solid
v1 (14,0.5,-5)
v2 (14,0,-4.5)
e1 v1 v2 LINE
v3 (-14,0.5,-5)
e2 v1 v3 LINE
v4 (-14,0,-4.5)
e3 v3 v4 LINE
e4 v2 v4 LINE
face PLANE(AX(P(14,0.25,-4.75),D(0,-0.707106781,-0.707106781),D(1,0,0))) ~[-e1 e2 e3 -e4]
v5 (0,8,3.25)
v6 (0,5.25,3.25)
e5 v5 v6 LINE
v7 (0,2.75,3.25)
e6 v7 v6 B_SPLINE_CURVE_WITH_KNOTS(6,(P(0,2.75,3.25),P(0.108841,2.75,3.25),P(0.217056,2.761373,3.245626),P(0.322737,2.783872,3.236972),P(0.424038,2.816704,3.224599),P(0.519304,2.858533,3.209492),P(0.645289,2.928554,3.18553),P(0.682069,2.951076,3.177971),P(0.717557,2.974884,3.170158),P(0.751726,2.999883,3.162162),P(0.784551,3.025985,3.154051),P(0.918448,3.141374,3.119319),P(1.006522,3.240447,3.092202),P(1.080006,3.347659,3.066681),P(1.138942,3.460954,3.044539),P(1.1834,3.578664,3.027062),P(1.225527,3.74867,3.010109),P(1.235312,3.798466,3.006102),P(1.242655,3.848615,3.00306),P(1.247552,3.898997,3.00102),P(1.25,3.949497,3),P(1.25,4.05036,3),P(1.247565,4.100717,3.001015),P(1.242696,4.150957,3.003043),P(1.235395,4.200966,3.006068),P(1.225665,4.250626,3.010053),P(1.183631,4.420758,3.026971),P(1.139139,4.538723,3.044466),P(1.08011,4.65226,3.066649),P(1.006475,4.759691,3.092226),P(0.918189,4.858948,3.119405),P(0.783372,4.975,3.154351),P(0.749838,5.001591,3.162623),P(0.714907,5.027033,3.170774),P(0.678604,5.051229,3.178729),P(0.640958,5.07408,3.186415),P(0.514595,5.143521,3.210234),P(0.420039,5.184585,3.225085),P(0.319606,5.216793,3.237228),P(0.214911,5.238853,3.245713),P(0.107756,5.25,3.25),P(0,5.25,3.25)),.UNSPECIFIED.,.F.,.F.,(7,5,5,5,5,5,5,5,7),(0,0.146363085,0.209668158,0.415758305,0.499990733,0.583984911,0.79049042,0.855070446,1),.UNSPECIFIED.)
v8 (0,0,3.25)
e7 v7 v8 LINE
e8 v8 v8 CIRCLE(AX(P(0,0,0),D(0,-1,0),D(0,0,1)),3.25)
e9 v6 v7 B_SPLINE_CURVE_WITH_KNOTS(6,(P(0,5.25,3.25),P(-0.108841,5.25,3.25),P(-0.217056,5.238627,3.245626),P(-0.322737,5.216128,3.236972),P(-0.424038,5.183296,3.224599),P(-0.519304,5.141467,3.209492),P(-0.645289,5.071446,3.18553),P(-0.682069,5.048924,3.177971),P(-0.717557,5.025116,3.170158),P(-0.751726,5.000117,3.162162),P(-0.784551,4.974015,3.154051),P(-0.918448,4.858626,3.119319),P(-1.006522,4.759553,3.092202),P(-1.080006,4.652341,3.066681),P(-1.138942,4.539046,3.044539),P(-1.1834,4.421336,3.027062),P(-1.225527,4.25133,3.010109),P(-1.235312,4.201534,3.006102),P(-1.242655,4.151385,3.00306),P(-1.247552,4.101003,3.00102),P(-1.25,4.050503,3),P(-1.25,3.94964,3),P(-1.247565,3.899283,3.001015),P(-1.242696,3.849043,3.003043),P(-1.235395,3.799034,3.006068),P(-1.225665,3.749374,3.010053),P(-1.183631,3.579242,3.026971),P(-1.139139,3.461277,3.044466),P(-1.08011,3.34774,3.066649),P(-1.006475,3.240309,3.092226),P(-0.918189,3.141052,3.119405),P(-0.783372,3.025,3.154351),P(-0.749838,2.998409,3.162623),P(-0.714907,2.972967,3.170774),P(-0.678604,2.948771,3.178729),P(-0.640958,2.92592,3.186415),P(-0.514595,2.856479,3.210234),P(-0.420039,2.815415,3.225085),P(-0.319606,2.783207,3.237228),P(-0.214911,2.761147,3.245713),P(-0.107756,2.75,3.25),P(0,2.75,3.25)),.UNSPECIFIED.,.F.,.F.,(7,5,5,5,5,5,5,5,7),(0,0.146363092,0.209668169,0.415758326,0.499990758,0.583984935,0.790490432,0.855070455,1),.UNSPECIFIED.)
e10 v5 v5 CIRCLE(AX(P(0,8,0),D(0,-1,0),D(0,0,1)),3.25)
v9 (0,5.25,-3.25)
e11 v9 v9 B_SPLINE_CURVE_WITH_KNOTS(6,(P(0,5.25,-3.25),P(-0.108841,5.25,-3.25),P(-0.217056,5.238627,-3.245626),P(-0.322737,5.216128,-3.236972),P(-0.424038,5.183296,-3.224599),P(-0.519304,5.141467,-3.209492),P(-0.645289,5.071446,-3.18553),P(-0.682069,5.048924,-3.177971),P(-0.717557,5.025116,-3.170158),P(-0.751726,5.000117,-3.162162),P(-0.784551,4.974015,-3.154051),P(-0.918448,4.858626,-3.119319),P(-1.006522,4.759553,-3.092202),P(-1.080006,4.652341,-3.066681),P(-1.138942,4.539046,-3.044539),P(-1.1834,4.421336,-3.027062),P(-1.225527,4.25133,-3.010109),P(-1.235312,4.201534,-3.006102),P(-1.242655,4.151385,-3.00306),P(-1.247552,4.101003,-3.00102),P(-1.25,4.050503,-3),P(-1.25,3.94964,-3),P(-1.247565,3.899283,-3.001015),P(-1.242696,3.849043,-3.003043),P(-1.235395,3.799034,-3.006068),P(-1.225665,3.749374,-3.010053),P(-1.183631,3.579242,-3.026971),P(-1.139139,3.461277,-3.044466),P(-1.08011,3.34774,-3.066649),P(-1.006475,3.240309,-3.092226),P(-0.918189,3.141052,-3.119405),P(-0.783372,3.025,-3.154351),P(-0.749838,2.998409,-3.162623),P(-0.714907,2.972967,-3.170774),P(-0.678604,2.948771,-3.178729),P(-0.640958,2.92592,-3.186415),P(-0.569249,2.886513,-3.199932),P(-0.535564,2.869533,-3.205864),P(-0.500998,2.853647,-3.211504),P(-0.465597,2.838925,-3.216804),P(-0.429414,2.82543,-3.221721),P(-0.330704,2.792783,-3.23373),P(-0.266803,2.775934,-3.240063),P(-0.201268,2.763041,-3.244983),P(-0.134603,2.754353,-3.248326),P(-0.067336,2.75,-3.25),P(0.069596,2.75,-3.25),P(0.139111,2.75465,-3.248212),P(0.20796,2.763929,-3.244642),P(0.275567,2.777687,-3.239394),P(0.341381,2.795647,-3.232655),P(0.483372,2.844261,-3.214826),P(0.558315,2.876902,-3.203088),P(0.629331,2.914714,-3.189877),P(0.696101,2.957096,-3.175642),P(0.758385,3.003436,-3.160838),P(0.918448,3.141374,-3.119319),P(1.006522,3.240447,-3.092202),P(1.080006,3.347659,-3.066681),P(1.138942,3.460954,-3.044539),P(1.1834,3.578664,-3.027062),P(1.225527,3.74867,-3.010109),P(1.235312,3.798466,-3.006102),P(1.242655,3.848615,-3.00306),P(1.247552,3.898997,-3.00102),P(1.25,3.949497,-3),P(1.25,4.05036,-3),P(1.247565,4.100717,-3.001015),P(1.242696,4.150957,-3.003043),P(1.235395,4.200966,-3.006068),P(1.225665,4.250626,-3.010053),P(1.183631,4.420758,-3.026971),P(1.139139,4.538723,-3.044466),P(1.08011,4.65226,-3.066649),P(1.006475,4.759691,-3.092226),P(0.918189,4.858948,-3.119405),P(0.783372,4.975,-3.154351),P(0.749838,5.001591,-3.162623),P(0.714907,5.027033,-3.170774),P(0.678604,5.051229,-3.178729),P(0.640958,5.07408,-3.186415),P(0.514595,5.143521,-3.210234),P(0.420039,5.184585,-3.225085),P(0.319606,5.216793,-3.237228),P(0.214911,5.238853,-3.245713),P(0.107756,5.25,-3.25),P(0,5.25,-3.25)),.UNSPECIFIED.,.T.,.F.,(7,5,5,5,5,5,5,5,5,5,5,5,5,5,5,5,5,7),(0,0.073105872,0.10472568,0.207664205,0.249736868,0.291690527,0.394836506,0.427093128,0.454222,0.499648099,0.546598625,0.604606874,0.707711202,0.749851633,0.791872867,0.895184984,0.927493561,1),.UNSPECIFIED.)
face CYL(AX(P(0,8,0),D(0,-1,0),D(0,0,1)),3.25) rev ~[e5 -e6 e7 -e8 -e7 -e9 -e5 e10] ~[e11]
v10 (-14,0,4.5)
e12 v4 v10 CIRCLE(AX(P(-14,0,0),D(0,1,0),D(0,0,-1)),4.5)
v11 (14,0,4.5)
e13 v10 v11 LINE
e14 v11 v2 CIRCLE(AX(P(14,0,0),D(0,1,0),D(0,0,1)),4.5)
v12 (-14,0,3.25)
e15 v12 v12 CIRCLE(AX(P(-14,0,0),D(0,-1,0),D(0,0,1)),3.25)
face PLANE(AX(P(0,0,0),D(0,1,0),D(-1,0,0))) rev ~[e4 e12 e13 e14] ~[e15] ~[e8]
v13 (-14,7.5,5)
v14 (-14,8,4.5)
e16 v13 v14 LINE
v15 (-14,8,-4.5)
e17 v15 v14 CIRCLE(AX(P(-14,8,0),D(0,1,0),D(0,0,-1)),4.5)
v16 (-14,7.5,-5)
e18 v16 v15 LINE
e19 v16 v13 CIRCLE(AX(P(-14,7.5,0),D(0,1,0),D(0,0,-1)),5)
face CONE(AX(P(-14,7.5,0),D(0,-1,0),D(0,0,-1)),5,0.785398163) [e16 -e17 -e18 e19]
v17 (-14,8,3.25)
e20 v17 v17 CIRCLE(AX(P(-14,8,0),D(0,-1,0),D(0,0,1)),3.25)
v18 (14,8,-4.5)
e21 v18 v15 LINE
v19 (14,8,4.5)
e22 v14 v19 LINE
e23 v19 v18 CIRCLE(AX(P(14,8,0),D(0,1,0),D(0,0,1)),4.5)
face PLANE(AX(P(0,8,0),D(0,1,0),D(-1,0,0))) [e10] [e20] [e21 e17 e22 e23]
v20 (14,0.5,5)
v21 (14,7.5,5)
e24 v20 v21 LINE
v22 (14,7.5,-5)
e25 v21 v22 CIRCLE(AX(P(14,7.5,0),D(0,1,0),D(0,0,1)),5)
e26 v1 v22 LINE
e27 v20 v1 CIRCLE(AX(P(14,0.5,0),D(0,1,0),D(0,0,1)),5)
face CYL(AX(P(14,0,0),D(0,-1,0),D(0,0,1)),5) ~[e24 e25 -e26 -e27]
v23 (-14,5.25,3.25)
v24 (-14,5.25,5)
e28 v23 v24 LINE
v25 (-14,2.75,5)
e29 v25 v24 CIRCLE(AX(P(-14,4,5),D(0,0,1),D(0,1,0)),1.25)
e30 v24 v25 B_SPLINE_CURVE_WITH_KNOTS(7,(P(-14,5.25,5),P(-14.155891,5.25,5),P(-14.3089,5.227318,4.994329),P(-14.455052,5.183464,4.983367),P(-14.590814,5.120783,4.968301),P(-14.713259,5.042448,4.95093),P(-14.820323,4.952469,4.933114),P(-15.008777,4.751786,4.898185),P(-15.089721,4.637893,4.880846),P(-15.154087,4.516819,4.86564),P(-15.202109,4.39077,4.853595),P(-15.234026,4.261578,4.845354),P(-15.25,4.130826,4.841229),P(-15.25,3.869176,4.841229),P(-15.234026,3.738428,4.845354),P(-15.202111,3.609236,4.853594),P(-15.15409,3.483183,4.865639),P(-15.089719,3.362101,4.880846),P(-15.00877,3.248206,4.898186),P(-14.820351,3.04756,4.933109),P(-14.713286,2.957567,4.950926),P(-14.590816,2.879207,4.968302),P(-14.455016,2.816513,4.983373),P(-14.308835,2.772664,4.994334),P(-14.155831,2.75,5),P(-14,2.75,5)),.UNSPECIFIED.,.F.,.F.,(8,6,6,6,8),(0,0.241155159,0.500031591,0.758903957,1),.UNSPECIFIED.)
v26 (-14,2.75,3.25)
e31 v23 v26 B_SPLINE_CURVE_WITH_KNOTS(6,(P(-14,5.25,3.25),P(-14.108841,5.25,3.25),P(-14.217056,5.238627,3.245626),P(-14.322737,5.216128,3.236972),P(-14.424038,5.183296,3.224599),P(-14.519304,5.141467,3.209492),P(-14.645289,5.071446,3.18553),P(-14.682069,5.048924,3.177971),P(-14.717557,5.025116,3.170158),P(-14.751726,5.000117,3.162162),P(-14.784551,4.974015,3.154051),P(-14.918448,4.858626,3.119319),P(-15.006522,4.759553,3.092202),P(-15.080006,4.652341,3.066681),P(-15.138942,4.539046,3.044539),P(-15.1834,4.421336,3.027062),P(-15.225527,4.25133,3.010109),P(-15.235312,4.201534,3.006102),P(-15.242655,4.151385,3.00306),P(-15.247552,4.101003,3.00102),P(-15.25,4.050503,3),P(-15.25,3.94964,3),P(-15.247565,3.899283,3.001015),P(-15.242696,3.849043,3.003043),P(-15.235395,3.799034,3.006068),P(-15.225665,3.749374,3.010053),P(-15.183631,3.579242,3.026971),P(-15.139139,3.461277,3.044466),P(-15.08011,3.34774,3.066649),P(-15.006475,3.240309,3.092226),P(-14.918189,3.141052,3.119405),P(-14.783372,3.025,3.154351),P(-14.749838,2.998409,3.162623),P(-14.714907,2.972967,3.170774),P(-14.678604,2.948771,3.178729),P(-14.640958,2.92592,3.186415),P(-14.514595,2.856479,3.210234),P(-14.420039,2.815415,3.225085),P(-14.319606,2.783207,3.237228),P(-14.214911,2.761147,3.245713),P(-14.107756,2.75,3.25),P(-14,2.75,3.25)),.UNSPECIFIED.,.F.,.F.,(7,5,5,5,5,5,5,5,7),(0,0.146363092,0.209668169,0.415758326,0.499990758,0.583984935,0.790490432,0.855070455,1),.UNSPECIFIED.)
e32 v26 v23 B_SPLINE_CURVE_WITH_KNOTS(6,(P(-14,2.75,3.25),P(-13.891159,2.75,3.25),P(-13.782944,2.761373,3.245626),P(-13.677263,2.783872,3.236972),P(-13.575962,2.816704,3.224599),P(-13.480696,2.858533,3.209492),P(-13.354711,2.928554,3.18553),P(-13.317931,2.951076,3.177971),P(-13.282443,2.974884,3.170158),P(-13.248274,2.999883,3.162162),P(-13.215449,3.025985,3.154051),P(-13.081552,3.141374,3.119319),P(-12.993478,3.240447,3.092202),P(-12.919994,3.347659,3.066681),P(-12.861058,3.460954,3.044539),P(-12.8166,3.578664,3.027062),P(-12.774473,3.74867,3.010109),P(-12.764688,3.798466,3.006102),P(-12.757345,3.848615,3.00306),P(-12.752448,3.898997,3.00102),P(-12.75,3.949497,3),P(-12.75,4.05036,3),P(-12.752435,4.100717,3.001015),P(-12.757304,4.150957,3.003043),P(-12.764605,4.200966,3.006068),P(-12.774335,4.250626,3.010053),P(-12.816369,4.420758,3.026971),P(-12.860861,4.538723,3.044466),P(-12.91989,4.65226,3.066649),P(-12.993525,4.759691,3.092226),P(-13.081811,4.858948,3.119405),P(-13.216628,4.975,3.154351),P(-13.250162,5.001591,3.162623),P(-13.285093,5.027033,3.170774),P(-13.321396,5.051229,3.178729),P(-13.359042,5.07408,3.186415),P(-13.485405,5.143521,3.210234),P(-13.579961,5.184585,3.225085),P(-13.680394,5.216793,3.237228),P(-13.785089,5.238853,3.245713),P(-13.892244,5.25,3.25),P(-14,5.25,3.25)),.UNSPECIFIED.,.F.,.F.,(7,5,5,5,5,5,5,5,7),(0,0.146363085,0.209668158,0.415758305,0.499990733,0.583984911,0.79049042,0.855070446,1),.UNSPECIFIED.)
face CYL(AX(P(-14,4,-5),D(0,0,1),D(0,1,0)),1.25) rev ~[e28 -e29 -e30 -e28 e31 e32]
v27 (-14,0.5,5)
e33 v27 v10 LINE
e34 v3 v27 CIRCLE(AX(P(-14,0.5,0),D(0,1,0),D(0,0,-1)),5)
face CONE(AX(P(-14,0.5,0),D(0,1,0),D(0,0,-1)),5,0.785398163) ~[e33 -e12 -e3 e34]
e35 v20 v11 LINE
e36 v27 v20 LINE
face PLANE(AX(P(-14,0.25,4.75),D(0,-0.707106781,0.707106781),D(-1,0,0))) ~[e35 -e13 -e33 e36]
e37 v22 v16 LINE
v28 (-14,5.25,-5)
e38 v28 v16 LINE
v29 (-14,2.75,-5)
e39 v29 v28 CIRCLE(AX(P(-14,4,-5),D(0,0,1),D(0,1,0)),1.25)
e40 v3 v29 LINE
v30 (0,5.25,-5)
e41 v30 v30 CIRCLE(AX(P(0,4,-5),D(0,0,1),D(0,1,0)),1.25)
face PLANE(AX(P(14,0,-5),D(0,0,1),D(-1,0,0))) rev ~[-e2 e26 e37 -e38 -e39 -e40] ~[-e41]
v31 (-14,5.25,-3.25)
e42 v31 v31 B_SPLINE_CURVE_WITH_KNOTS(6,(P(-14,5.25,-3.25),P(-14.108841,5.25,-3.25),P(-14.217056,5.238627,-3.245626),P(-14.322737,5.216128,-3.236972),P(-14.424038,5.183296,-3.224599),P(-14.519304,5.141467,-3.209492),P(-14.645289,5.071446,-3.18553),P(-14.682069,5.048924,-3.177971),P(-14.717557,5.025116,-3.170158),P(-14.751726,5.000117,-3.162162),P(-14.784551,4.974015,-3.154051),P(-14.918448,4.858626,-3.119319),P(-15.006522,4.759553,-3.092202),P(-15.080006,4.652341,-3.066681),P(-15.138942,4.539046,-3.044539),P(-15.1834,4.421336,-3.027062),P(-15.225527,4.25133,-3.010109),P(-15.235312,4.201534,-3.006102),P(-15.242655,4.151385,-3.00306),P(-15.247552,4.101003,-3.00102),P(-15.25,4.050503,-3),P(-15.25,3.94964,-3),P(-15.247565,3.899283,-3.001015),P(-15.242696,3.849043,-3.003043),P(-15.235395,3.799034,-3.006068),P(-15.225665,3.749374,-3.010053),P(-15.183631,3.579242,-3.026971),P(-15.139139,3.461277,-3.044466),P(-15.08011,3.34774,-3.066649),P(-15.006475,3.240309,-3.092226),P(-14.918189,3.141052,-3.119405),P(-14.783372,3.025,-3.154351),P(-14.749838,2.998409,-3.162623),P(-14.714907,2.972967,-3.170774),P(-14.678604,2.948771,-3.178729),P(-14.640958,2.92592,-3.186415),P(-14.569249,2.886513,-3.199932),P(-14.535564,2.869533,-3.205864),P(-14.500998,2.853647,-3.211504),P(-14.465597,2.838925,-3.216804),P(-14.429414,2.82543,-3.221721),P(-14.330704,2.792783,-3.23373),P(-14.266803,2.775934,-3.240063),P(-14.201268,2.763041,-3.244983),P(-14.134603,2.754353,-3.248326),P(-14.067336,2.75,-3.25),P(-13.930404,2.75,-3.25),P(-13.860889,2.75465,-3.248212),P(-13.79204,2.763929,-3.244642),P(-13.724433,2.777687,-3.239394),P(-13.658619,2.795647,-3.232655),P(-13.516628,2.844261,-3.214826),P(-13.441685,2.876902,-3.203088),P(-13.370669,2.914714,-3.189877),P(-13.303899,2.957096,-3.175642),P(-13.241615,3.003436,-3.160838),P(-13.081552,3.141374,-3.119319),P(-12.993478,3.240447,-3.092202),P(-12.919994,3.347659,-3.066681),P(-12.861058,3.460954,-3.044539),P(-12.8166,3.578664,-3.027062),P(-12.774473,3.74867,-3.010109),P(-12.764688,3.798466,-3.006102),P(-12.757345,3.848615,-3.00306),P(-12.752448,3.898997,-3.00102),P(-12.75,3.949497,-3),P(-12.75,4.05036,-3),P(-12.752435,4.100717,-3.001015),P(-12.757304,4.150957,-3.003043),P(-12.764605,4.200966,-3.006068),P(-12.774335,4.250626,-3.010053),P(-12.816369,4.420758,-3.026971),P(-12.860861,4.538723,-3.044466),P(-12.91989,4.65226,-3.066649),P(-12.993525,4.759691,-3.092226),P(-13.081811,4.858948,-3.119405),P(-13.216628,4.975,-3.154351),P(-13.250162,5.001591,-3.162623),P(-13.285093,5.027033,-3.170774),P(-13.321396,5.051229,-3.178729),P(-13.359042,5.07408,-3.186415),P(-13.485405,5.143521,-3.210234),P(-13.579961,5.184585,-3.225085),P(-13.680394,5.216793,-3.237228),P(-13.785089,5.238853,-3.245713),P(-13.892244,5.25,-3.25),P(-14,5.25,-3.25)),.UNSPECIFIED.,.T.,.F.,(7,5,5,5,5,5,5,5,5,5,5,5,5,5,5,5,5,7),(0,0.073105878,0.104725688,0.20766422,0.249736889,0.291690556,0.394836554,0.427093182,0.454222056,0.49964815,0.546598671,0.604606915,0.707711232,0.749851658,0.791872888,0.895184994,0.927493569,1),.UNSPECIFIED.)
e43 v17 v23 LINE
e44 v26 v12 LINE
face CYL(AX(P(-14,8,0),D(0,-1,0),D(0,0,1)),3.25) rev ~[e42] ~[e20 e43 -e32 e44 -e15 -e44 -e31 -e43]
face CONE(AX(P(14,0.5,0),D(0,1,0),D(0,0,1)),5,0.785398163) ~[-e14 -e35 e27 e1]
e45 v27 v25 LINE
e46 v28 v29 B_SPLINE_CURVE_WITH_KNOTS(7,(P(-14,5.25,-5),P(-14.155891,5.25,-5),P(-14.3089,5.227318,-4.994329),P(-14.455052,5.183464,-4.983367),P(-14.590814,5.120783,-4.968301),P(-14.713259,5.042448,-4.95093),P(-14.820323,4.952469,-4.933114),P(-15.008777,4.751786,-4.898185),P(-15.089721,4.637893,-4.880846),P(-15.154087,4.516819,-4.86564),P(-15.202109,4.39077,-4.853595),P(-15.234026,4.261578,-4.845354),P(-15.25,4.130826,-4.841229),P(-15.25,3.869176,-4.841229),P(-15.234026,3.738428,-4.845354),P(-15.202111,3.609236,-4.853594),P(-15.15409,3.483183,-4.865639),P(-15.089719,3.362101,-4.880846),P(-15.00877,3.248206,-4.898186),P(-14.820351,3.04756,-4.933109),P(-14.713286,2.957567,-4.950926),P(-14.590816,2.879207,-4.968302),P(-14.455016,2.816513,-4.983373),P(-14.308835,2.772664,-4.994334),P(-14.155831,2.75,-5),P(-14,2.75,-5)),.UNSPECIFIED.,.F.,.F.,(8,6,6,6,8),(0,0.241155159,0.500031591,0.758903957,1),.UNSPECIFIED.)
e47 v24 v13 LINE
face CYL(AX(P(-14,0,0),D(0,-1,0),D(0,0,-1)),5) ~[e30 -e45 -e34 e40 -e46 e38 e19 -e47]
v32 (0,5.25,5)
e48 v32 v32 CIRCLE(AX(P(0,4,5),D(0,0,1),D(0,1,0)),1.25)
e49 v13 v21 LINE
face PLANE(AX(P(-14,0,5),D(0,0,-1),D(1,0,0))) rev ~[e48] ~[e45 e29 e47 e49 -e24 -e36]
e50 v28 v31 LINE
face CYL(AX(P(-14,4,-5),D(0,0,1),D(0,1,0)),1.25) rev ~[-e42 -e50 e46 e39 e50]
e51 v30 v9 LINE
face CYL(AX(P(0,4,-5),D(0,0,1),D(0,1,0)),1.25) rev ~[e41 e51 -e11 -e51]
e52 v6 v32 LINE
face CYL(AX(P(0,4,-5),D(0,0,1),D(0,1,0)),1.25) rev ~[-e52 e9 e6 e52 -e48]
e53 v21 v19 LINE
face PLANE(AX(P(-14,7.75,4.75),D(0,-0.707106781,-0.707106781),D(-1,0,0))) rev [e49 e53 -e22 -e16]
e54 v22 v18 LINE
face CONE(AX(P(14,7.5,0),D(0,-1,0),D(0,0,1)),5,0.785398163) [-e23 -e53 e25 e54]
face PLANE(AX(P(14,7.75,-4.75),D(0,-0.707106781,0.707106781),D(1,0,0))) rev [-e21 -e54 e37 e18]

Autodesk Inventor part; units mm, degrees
ref_plane "YZ Plane" through (0, 0, 0) normal (1, 0, 0) x (0, 1, 0)
ref_plane "XZ Plane" through (0, 0, 0) normal (0, 1, 0) x (-1, 0, 0)
ref_plane "XY Plane" through (0, 0, 0) normal (0, 0, 1) x (1, 0, 0)
sketch "Skizze1" plane through (0, 0, 0) normal (0, 1, 0) x (-1, 0, 0)
  line L0 (14, 5) -> (-14, 5)
  arc A0 (-14, 5) -> (-14, -5) centre (-14, 0) ccw
  line L1 (-14, -5) -> (14, -5)
  arc A1 (14, -5) -> (14, 5) centre (14, 0) ccw
  line L2 (19, 0) -> (-19, 0) construction
  point P0 (0, 0)
  point P1 (0, 0)
  dimension "d0" = 10
  dimension "d1" = 38
extrude "Extrusion1" add sketch "Skizze1" along normal blind 8
sketch "Skizze3" plane through (0, 8, 0) normal (0, 1, 0) x (1, 0, 0)
  arc A0 (14, -5) -> (14, 5) centre (14, 0) ccw projected
  point P0 (0, 0)
  point P1 (0, 0)
hole "Bohrung2" at (0, 8, 0) direction (0, -1, 0) diameter 6.5 depth 8
chamfer "Fasen1" distance 0.5 angle 45 8 edges at (0, 8, -5) (-19, 8, 0) (0, 8, 5) (19, 8, 0) (0, 0, -5) (-19, 0, 0) (0, 0, 5) (19, 0, 0)
sketch "Skizze2" plane through (0, 8, 0) normal (0, 1, 0) x (1, 0, 0)
  arc A0 (-14, 5) -> (-14, -5) centre (-14, 0) ccw projected
  point P0 (0, 0)
  point P1 (-14, 0)
hole "Bohrung1" at (-14, 8, 0) direction (0, -1, 0) diameter 6.5 depth 8
sketch "Skizze4" plane through (14, 0, -5) normal (0, 0, -1) x (-1, 0, 0)
  line L0 (0, 8) -> (28, 8) projected
  line L1 (0, 0) -> (28, 0) projected
  line L2 (33, 0) -> (33, 8) projected
  line L3 (24.75, 8) -> (31.25, 8) projected
  line L4 (28, 0) -> (28, 8) projected
  point P0 (14, 0)
  point P1 (28, 4)
  point P2 (14, 4)
  point P3 (14, 0)
  point P4 (28, 4)
  dimension "d25" = 4
hole "Bohrung3" at (-14, 4, -5) at (0, 4, -5) direction (0, 0, 1) diameter 2.5 depth 10
properties part number "BMS_support" material "Gummi, Silikon"
